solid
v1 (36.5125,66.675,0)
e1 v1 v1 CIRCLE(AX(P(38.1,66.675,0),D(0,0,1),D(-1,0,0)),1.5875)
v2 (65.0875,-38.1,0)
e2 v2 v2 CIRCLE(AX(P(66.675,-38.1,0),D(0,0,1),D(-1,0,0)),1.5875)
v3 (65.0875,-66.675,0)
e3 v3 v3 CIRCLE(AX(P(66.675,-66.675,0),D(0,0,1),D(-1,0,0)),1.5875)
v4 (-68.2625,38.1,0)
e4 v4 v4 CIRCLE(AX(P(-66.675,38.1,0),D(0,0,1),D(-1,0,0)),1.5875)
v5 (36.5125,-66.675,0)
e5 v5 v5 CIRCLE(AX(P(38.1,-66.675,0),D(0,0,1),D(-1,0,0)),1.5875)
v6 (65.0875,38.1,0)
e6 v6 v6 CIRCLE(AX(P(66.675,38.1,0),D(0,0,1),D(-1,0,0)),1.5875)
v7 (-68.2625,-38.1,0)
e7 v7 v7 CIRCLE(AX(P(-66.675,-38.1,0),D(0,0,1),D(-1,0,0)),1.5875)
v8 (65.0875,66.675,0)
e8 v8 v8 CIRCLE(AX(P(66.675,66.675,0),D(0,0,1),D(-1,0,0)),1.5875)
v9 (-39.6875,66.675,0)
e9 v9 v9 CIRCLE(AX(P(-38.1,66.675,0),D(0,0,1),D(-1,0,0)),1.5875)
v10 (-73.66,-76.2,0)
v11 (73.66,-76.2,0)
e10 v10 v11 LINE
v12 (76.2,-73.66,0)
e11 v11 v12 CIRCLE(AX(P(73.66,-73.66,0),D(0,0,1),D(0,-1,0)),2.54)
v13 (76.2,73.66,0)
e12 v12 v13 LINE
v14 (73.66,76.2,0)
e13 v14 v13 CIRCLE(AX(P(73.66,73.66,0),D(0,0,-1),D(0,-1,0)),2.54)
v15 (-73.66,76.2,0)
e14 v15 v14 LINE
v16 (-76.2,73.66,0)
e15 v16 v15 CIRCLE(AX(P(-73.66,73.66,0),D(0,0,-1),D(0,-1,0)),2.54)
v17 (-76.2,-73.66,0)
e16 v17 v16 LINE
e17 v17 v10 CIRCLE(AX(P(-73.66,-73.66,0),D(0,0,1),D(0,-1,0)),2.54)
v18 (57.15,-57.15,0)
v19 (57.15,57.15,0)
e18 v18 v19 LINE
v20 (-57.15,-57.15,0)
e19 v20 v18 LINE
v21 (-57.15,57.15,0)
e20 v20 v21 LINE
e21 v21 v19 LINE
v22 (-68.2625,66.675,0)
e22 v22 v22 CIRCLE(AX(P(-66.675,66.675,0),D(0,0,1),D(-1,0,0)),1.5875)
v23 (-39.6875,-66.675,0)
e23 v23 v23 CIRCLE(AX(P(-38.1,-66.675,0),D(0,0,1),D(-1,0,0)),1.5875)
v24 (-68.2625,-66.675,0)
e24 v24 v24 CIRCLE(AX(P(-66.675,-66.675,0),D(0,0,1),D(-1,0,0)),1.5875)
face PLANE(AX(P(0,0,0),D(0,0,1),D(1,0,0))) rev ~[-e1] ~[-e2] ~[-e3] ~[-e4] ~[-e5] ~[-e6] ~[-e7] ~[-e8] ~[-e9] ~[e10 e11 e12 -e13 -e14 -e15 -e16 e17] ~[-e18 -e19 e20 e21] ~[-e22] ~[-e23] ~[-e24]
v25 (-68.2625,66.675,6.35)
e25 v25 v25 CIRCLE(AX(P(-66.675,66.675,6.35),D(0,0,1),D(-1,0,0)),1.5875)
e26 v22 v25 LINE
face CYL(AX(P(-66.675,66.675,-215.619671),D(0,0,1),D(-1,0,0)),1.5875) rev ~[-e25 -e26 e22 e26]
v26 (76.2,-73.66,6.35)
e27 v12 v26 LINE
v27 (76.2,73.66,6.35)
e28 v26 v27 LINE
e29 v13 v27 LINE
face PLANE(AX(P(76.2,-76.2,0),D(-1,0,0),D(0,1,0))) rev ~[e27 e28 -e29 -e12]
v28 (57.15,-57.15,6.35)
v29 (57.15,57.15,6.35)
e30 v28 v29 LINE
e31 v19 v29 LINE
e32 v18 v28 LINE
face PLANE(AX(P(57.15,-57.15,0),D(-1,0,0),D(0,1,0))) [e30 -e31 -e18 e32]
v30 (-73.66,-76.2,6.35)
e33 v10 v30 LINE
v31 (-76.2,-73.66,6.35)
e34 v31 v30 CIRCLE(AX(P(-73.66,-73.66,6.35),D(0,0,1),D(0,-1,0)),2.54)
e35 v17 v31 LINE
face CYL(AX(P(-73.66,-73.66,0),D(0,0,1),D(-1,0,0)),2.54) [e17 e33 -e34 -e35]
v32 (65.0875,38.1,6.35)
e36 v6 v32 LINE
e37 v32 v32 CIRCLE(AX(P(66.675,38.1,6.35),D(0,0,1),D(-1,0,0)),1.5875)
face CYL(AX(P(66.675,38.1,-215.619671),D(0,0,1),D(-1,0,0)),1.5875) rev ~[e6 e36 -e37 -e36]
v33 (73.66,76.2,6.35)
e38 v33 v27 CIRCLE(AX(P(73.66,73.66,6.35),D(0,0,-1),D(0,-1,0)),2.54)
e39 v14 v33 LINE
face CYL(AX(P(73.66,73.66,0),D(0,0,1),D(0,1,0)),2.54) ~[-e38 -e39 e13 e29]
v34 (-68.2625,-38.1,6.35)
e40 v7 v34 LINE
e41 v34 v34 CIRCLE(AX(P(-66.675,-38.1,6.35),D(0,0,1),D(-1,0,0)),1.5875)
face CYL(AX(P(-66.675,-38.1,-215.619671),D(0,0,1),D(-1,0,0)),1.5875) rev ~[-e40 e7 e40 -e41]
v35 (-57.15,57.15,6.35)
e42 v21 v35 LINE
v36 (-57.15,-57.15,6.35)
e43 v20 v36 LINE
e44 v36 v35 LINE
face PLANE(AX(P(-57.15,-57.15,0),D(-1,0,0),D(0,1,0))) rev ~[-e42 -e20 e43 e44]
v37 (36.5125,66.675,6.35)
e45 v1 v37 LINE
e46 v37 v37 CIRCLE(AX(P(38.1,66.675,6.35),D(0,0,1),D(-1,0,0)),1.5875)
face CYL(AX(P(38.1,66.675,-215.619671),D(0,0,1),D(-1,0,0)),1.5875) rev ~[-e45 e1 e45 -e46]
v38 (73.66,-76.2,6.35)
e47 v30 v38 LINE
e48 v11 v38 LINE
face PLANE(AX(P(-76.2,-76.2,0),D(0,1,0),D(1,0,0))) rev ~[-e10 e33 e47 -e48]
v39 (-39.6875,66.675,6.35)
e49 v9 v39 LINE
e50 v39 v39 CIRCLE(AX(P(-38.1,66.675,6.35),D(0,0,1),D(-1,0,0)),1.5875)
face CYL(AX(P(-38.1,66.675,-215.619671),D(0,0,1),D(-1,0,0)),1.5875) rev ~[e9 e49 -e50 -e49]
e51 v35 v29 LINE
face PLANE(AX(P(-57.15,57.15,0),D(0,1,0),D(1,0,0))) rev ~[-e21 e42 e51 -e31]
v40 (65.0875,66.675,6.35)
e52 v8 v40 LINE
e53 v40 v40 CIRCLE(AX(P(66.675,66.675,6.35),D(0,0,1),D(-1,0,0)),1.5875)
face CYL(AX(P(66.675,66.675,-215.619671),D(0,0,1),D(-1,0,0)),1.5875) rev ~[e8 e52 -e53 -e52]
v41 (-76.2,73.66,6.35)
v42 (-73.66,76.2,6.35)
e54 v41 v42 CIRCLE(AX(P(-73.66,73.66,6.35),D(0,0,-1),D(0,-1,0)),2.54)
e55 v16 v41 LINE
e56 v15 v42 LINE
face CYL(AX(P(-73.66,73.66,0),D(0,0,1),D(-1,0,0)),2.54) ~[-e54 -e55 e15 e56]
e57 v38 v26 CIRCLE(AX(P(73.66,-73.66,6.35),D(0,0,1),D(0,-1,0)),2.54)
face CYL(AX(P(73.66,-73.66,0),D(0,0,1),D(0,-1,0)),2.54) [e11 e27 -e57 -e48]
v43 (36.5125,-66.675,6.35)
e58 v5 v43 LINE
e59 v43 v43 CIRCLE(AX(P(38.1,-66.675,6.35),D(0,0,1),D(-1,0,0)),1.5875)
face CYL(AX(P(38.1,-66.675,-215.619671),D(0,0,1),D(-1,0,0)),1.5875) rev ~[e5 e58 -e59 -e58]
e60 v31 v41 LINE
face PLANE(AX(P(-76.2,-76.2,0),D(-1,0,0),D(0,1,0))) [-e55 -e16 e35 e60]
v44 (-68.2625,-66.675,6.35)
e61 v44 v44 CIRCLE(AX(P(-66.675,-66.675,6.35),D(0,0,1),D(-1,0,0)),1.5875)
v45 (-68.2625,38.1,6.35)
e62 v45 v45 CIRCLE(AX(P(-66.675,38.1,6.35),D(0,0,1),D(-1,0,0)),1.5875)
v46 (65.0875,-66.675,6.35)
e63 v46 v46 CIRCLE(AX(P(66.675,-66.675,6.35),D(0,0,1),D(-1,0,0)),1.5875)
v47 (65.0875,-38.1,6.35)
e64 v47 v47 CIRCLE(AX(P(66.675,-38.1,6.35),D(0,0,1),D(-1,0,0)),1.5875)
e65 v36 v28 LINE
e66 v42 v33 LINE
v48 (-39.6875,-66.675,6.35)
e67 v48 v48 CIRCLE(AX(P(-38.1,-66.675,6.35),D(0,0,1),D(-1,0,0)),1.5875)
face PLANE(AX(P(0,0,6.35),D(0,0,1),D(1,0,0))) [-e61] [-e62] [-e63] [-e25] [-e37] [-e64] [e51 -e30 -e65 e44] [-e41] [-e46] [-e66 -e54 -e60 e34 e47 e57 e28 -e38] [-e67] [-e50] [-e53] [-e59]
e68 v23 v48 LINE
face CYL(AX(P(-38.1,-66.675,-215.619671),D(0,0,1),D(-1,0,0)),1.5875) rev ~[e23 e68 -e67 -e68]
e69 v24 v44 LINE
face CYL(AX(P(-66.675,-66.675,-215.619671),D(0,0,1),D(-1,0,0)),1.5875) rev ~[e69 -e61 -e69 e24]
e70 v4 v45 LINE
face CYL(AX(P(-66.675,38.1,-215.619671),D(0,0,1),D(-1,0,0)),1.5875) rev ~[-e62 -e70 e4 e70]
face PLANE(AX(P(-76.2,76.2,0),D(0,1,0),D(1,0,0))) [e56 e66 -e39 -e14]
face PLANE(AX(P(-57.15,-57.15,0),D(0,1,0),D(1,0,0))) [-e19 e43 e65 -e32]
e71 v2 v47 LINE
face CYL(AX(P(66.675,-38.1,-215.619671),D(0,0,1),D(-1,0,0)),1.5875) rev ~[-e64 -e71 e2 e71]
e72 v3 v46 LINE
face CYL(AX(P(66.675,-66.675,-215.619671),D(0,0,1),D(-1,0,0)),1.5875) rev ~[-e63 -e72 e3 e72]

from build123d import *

# Parameters (mm, degrees)
F0_W     = 152.4
F0_H     = 152.4
F0_W_2   = 114.3
F0_H_2   = 114.3
F1_DEPTH = 6.35
F2_D     = 3.175
F3_R     = 2.54


with BuildPart() as f1:
    # F0 (on Top) → F1 (new body)
    with BuildSketch(Plane.XY):
        Rectangle(F0_W, F0_H)
        Rectangle(F0_W_2, F0_H_2, mode=Mode.SUBTRACT)
    extrude(amount=F1_DEPTH)

    # F2 (through all)
    with Locations(Plane(origin=(0, 0, 0), x_dir=(1, 0, 0), z_dir=(0, 0, -1))):
        with Locations((-66.675, 66.675), (-38.1, 66.675), (38.1, 66.675), (66.675, 66.675), (66.675, 38.1), (66.675, -38.1), (66.675, -66.675), (38.1, -66.675), (-38.1, -66.675), (-66.675, -66.675), (-66.675, -38.1), (-66.675, 38.1)):
            Hole(F2_D / 2)

    # F3
    f3_edges = [f1.edges().sort_by_distance(p)[0] for p in [
        (-76.2, -76.2, 3.175),
        (76.2, -76.2, 3.175),
        (76.2, 76.2, 3.175),
        (-76.2, 76.2, 3.175),
    ]]
    fillet(f3_edges, radius=F3_R)


solid = f1.part
